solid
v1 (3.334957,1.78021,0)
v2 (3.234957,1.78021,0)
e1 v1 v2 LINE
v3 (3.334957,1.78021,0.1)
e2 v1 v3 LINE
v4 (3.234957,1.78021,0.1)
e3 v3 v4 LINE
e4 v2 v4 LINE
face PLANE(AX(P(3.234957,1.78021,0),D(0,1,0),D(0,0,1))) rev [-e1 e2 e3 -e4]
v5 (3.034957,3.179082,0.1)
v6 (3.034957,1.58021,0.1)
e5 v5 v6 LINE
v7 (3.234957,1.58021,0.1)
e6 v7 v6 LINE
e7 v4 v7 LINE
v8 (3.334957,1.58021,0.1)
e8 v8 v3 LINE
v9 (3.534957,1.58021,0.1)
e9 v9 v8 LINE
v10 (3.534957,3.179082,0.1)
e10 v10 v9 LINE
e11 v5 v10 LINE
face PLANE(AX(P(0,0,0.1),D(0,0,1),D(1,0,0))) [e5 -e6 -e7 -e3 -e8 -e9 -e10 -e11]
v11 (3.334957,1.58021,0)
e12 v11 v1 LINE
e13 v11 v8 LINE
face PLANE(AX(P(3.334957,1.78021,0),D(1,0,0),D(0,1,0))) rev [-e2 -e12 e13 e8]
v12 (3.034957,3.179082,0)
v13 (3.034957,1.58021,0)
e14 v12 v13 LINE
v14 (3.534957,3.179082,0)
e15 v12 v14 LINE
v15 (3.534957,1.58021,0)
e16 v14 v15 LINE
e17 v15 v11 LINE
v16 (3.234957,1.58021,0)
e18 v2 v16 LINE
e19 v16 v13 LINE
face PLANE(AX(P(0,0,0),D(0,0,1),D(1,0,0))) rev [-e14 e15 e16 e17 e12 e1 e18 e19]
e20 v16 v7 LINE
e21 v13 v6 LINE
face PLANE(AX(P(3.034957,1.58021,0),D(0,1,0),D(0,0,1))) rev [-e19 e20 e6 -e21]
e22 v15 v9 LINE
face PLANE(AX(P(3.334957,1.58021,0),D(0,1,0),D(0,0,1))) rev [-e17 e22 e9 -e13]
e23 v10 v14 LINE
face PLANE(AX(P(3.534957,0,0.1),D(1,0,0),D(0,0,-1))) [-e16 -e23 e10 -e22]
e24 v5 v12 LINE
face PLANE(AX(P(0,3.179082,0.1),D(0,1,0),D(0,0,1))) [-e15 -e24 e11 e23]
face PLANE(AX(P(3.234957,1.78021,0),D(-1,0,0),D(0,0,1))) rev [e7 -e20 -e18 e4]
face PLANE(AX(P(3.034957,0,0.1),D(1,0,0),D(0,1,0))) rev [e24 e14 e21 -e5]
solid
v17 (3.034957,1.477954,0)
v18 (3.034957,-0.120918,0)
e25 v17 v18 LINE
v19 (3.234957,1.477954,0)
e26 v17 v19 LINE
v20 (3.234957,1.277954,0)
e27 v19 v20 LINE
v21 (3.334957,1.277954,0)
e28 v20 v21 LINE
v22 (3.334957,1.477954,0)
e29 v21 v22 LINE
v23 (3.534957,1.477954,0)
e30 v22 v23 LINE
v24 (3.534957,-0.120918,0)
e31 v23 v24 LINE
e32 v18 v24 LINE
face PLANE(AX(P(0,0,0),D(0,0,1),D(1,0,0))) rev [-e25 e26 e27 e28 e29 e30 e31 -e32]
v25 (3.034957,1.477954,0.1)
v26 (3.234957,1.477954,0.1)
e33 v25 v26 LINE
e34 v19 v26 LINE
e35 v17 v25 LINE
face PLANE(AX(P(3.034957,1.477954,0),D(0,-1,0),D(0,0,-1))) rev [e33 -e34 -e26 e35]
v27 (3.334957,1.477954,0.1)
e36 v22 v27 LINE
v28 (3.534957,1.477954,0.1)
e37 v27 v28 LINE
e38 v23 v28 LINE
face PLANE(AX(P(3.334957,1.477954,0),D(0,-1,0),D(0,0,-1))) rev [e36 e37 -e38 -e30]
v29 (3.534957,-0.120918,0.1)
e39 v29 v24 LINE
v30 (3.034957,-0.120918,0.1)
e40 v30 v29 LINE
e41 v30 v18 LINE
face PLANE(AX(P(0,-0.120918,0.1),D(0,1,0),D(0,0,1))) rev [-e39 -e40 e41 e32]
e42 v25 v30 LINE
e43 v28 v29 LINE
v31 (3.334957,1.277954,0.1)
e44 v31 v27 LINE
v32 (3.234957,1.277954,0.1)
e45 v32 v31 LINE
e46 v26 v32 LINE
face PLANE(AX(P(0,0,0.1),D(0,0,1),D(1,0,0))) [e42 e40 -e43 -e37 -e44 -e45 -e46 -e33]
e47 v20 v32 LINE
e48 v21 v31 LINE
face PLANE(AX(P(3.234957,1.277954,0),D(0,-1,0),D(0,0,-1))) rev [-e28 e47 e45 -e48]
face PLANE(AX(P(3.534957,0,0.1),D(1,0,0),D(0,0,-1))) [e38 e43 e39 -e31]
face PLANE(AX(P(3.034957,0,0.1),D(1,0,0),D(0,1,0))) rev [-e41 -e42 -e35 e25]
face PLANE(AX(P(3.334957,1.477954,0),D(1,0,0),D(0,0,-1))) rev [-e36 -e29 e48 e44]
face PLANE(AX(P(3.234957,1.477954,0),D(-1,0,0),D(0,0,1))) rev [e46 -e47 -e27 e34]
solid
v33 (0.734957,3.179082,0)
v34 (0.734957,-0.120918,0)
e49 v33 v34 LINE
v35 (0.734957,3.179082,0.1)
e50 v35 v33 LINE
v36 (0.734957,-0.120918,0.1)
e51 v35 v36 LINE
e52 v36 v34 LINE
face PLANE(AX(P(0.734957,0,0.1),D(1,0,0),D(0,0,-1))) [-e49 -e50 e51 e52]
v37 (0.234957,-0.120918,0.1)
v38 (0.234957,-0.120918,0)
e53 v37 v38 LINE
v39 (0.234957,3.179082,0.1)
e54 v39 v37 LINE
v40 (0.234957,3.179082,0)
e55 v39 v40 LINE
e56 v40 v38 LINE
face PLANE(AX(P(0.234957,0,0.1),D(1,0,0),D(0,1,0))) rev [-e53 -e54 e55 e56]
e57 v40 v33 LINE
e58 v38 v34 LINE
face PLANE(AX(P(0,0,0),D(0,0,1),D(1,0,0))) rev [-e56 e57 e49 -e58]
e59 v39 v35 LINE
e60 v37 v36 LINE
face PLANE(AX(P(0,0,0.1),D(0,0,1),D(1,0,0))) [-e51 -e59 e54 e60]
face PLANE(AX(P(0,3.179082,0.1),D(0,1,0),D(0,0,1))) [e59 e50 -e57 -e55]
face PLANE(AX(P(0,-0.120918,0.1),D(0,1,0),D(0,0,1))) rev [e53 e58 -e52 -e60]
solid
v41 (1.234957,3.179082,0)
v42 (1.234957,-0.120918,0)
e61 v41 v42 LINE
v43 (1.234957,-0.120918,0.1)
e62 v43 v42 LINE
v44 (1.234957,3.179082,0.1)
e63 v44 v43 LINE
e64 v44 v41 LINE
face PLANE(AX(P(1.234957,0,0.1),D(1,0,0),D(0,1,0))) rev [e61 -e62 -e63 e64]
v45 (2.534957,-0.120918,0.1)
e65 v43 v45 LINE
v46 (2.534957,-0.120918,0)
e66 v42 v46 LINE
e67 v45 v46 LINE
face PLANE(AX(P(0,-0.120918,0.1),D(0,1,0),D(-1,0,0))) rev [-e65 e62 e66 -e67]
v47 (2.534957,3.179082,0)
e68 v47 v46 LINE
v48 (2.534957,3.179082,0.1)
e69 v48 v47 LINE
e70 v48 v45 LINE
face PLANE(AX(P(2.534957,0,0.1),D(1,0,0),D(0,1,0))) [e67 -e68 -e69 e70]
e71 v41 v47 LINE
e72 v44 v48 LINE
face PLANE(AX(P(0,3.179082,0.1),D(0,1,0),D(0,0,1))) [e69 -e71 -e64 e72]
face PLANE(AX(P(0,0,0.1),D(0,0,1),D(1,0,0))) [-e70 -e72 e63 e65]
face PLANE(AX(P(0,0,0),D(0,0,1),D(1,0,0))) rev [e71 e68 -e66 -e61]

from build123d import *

# Parameters (mm, degrees)
SKETCH1_W             = 0.5
SKETCH1_H             = 3.3
BOSS_EXTRUDE1_DEPTH   = 0.1
SKETCH1_W_2           = 1.3
BOSS_EXTRUDE1_2_DEPTH = 0.1
BOSS_EXTRUDE1_3_DEPTH = 0.1
CUT_EXTRUDE1_DEPTH    = 5.755258755


with BuildPart() as part:
    # Sketch1 → Boss-Extrude1 (new body)
    with BuildSketch(Plane.XY):
        with Locations((0.484957257, 1.529082104)):
            Rectangle(SKETCH1_W, SKETCH1_H)
    extrude(amount=BOSS_EXTRUDE1_DEPTH)


with BuildPart() as body_2:
    # Sketch1 → Boss-Extrude1 2 (new body)
    with BuildSketch(Plane.XY):
        with Locations((1.884957257, 1.529082104)):
            Rectangle(SKETCH1_W_2, SKETCH1_H)
    extrude(amount=BOSS_EXTRUDE1_2_DEPTH)


with BuildPart() as body_3:
    # Sketch1 → Boss-Extrude1 3 (new body)
    with BuildSketch(Plane.XY):
        with Locations((3.284957257, 1.529082104)):
            Rectangle(SKETCH1_W, SKETCH1_H)
    extrude(amount=BOSS_EXTRUDE1_3_DEPTH)

    # Sketch3 → Cut-Extrude1 (cut, through all)
    with BuildSketch(Plane.XY.offset(0.1)):
        Polygon((3.034957257, 1.58020971), (3.234957257, 1.58020971), (3.234957257, 1.78020971), (3.334957257, 1.78020971), (3.334957257, 1.58020971), (3.534957257, 1.58020971), (3.534957257, 1.477954497), (3.334957257, 1.477954497), (3.334957257, 1.277954497), (3.234957257, 1.277954497), (3.234957257, 1.477954497), (3.034957257, 1.477954497), align=None)
    extrude(amount=-CUT_EXTRUDE1_DEPTH, mode=Mode.SUBTRACT)


with BuildPart() as cut_extrude1_piece_1:
    # of the separate pieces the step leaves, piece 1, a body of its own (cut_extrude1_pieces)
    add(body_3.part.solids().sort_by_distance((3.534957257, 3.179082104, 0))[0])


with BuildPart() as cut_extrude1_piece_2:
    # of the separate pieces the step leaves, piece 2, a body of its own (cut_extrude1_pieces)
    add(body_3.part.solids().sort_by_distance((3.534957257, 1.477954497, 0))[0])


solid = Compound([part.part, body_2.part, cut_extrude1_piece_1.part, cut_extrude1_piece_2.part])
